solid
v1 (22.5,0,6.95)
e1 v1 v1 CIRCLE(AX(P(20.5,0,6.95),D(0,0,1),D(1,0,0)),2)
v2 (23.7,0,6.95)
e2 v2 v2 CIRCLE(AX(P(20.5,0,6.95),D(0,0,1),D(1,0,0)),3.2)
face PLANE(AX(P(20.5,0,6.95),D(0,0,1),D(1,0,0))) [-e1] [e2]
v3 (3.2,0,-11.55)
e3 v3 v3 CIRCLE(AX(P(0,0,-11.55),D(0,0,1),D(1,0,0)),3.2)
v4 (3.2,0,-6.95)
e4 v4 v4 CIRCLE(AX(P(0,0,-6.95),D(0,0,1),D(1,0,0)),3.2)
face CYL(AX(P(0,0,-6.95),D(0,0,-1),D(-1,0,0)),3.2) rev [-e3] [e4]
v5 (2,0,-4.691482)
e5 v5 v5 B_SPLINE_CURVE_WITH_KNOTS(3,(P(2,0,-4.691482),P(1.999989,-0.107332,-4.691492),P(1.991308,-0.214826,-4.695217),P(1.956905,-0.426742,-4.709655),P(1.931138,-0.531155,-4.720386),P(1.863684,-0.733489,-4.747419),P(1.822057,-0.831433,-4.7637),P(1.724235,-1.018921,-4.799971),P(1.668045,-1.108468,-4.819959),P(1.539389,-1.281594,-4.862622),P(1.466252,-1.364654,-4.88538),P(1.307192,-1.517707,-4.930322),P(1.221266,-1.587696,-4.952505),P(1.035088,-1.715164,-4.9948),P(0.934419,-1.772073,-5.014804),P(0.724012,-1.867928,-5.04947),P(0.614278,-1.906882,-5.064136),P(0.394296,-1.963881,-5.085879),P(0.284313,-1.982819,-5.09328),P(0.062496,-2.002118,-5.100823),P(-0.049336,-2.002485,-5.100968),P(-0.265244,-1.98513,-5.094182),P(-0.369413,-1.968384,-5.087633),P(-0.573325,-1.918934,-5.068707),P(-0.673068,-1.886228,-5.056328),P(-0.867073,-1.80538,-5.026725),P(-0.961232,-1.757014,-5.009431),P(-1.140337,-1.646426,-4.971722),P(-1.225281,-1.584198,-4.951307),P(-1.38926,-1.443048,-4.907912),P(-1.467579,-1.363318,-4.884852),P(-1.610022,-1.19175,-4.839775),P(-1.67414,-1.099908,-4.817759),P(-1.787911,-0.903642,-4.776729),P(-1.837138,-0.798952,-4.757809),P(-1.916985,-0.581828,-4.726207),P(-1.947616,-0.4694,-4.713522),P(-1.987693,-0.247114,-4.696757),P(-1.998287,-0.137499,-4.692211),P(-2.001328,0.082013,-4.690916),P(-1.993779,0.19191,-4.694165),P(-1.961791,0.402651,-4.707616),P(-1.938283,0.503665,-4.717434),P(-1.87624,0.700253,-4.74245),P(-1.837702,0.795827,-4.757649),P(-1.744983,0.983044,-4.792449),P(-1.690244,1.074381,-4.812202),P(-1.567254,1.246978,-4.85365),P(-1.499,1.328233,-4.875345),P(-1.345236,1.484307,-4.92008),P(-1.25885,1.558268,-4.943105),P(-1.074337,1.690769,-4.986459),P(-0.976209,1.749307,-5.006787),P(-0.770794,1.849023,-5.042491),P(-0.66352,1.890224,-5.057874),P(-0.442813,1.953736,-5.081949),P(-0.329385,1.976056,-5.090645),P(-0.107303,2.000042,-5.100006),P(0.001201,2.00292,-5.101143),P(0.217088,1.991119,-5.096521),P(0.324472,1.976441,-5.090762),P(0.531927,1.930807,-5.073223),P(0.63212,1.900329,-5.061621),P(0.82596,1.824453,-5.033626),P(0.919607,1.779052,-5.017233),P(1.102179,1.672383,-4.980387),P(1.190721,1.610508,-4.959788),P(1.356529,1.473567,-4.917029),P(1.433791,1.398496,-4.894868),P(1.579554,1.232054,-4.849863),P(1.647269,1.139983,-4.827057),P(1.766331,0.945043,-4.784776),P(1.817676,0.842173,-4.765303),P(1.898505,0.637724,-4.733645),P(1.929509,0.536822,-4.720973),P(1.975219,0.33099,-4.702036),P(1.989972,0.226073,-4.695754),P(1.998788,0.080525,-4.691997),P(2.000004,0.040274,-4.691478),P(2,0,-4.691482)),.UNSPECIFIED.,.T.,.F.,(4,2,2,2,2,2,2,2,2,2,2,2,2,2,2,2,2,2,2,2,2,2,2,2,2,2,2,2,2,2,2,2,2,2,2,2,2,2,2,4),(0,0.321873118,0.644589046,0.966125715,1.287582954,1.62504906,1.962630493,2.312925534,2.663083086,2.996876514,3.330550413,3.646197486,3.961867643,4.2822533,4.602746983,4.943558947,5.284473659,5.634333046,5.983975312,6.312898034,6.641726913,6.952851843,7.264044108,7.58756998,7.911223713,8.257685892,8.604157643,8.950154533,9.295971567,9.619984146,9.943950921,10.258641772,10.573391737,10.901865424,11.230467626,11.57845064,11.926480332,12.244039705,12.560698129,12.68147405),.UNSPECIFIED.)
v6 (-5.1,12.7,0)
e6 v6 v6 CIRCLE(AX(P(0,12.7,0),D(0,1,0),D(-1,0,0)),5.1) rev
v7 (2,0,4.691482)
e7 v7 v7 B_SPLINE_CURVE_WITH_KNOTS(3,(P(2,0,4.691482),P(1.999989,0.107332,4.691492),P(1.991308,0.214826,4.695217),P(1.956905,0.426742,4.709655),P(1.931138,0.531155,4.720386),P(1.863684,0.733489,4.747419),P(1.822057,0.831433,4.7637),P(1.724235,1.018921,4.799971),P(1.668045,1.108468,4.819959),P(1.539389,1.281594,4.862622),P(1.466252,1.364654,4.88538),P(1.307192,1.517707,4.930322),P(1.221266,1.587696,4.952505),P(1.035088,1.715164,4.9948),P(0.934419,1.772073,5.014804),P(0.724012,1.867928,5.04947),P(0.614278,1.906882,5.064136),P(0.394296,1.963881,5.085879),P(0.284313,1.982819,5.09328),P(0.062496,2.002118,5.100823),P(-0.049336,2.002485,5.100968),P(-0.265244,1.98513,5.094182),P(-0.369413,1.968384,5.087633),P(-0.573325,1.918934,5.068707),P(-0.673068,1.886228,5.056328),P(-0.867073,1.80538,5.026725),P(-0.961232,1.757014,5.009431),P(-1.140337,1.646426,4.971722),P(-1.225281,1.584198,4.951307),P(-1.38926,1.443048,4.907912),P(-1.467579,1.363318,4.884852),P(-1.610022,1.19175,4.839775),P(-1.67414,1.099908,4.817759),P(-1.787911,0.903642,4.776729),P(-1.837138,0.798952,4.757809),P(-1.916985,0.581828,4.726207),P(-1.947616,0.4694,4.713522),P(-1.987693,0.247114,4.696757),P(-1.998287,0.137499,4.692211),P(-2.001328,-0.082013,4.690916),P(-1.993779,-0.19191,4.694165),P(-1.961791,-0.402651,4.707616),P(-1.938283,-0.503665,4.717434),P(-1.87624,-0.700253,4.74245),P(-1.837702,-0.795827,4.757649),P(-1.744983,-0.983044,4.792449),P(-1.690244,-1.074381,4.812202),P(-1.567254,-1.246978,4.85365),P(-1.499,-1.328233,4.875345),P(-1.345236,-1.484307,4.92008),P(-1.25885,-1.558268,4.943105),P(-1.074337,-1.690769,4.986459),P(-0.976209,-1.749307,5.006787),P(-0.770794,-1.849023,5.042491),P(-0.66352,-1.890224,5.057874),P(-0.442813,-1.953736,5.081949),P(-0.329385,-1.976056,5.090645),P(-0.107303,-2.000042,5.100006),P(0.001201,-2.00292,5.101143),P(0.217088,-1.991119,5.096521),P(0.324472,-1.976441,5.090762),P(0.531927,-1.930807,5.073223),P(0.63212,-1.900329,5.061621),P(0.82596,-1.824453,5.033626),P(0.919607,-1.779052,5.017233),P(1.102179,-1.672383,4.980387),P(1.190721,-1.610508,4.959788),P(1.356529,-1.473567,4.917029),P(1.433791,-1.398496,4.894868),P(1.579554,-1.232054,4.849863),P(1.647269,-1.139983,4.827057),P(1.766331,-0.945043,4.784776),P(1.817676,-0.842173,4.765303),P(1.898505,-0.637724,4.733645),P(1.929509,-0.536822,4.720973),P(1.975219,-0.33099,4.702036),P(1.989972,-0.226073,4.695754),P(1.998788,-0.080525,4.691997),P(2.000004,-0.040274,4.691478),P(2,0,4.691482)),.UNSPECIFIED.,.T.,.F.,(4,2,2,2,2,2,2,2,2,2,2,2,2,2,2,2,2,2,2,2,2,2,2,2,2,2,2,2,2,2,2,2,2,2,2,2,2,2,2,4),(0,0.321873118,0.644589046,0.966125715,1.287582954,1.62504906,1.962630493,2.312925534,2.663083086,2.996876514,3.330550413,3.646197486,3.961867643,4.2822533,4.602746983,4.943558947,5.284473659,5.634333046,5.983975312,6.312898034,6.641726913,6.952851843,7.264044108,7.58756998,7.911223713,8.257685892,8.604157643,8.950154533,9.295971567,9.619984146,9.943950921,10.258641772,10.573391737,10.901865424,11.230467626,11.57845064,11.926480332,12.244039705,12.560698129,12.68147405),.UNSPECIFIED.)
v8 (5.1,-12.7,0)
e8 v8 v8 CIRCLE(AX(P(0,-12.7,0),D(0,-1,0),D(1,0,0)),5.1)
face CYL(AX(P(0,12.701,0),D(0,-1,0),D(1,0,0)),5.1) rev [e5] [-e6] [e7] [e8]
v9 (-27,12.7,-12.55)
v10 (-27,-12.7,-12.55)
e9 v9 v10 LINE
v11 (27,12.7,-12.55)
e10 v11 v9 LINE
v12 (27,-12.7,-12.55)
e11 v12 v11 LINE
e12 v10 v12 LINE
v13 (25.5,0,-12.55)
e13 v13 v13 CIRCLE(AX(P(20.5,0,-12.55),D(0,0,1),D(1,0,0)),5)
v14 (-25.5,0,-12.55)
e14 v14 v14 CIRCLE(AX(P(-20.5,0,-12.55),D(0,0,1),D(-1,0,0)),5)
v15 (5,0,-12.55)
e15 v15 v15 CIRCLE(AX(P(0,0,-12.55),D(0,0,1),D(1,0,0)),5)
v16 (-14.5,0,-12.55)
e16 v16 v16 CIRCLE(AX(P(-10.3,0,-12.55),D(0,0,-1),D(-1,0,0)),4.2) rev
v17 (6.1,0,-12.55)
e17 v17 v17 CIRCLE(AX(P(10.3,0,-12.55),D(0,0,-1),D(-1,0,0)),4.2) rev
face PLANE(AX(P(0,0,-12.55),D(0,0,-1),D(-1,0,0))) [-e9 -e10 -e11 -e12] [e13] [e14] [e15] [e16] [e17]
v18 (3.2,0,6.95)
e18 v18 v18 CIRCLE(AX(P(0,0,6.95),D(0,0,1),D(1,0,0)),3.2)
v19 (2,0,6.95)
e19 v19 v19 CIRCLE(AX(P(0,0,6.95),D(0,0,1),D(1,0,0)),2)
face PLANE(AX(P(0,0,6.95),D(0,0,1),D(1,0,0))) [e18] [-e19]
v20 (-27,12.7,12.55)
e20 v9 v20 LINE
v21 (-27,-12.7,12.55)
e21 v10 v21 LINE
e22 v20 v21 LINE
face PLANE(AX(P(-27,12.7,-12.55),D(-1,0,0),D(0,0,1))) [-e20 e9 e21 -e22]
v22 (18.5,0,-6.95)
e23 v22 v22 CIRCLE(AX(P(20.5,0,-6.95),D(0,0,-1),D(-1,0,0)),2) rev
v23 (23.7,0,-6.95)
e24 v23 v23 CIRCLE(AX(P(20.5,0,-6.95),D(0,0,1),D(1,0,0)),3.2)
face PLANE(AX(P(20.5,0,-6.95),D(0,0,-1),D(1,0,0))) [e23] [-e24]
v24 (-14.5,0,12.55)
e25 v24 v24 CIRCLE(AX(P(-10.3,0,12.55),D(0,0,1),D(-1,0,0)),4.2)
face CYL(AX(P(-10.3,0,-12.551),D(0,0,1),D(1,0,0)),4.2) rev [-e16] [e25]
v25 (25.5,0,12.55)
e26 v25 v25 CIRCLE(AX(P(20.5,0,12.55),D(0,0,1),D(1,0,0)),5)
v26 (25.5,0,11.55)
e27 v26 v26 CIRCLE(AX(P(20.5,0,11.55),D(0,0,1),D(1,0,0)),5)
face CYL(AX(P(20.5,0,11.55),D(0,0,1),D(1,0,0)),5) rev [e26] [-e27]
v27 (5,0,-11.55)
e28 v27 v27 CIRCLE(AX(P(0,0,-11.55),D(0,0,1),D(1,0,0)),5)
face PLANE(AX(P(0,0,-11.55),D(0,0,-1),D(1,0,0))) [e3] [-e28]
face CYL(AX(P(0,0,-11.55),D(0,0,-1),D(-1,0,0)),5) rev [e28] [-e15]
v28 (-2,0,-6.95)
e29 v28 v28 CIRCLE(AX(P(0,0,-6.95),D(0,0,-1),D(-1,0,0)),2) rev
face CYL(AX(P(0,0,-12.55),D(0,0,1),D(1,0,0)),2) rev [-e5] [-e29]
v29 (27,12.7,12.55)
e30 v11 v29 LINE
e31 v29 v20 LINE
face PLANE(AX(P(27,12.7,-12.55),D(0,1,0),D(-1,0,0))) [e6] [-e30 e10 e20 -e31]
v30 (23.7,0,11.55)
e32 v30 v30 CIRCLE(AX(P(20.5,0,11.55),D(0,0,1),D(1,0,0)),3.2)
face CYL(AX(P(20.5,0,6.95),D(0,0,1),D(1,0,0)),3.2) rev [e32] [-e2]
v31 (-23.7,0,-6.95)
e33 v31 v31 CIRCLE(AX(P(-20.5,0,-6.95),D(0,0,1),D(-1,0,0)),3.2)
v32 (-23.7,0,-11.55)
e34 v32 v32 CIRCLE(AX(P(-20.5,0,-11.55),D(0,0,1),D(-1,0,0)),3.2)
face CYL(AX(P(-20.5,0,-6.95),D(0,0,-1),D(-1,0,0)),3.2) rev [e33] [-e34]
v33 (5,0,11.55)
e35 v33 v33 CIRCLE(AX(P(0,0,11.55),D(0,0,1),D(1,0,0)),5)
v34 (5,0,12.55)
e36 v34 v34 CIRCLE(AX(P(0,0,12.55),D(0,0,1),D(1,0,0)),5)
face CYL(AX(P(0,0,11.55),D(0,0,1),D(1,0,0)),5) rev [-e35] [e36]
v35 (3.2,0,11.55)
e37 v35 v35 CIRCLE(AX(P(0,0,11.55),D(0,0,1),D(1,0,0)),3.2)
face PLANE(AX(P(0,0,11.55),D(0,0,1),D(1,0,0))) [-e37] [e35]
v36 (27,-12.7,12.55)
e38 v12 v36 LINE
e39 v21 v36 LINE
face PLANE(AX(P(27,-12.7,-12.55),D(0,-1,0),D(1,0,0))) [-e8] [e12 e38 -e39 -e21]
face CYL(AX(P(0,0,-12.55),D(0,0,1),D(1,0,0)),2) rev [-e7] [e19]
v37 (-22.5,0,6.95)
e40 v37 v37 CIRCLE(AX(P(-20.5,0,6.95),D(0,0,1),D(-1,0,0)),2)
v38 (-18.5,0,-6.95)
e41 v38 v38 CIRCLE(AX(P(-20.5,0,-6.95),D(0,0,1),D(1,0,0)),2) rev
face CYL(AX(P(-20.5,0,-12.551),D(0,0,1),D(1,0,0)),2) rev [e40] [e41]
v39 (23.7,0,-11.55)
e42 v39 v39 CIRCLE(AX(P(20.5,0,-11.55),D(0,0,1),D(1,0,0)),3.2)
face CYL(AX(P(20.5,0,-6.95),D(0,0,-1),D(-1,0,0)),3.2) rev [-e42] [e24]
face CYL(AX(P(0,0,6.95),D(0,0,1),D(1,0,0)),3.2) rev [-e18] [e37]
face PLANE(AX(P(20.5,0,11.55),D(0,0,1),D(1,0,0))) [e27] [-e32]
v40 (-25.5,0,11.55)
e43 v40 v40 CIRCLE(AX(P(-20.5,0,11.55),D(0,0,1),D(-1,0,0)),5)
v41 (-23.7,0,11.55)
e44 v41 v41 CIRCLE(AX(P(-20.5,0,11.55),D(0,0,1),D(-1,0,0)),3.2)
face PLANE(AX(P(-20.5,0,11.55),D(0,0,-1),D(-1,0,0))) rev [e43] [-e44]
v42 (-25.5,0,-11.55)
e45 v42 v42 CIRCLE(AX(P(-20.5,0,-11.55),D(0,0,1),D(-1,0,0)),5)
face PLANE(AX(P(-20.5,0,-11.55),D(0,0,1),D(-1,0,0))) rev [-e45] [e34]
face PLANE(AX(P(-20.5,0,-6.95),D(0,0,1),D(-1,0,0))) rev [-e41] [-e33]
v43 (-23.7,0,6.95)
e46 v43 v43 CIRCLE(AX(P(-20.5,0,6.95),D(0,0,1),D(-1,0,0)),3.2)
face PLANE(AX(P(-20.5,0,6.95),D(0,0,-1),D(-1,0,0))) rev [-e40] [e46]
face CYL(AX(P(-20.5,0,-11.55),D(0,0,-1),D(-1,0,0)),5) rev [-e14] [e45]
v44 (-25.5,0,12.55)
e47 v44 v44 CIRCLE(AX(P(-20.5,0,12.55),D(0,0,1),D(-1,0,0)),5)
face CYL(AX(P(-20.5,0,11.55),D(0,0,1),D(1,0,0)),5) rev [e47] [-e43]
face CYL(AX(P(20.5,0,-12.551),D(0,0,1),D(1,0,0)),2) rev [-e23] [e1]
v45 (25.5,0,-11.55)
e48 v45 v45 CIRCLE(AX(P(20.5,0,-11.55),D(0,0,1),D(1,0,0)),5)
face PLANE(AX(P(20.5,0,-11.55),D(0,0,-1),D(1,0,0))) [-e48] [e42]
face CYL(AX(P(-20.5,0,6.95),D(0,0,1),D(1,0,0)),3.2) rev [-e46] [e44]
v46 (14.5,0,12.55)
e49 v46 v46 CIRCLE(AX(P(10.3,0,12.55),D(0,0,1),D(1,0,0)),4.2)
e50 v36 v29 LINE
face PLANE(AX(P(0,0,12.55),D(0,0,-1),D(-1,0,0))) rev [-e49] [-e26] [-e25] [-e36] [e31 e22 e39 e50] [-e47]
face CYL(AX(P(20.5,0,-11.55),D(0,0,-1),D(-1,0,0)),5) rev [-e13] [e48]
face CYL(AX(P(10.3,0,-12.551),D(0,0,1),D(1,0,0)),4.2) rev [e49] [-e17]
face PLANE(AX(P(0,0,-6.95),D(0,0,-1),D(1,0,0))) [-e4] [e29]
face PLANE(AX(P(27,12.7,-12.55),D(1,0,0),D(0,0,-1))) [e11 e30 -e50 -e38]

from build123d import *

# Parameters (mm, degrees)
BOSS_EXTRUDE1_DEPTH      = 12.55
BOSS_EXTRUDE1_DEPTH_BACK = 12.55
SKETCH1_W                = 54
SKETCH1_H                = 25.4
CUT_EXTRUDE1_REACH       = 41.136
SKETCH3_R                = 5.1
SKETCH5_R                = 5
CUT_EXTRUDE2_DEPTH       = 1
SKETCH6_R                = 3.2
CUT_EXTRUDE3_DEPTH       = 4.6
CUT_EXTRUDE4_REACH       = 37.645
SKETCH7_R                = 2
CUT_EXTRUDE5_REACH       = 40.991
SKETCH8_R                = 4.2
SKETCH9_R                = 5
CUT_EXTRUDE6_DEPTH       = 1
SKETCH10_R               = 3.2
CUT_EXTRUDE7_DEPTH       = 4.6
SKETCH11_R               = 2
CUT_EXTRUDE8_DEPTH       = 36.64463494


with BuildPart() as part:
    # Sketch1 → Boss-Extrude1 (new, two sides: drawn at the far end of the back side and taken through both)
    with BuildSketch(Plane.XY.offset(-BOSS_EXTRUDE1_DEPTH_BACK)):
        Rectangle(SKETCH1_W, SKETCH1_H)
    extrude(amount=BOSS_EXTRUDE1_DEPTH + BOSS_EXTRUDE1_DEPTH_BACK)

    # Sketch3 → Cut-Extrude1 (cut, up to next)
    with BuildSketch(Plane.XZ.offset(12.7), mode=Mode.PRIVATE) as cut_extrude1_sk1:
        Circle(SKETCH3_R)
    cut_extrude1_tool1 = extrude(cut_extrude1_sk1.sketch, amount=-CUT_EXTRUDE1_REACH, mode=Mode.PRIVATE) & part.part
    add(cut_extrude1_tool1.solids().sort_by_distance((0, -12.7, 0))[0], mode=Mode.SUBTRACT)

    # Sketch5 → Cut-Extrude2 (cut)
    with BuildSketch(Plane.XY.offset(12.55)):
        with Locations((20.5, 0)):
            Circle(SKETCH5_R)
        with Locations((-20.5, 0)):
            Circle(SKETCH5_R)
    cut_extrude2 = extrude(amount=-CUT_EXTRUDE2_DEPTH, mode=Mode.SUBTRACT)

    # Sketch6 → Cut-Extrude3 (cut)
    with BuildSketch(Plane.XY.offset(11.55)):
        with Locations((20.5, 0)):
            Circle(SKETCH6_R)
        with Locations((-20.5, 0)):
            Circle(SKETCH6_R)
    cut_extrude3 = extrude(amount=-CUT_EXTRUDE3_DEPTH, mode=Mode.SUBTRACT)

    # Sketch7 → Cut-Extrude4 (cut, up to next)
    with BuildSketch(Plane.XY.offset(6.95), mode=Mode.PRIVATE) as cut_extrude4_sk1:
        with Locations((20.5, 0)):
            Circle(SKETCH7_R)
    cut_extrude4_tool1 = extrude(cut_extrude4_sk1.sketch, amount=-CUT_EXTRUDE4_REACH, mode=Mode.PRIVATE) & part.part
    # Sketch7 → Cut-Extrude4 (cut, up to next)
    with BuildSketch(Plane.XY.offset(6.95), mode=Mode.PRIVATE) as cut_extrude4_sk2:
        with Locations((-20.5, 0)):
            Circle(SKETCH7_R)
    cut_extrude4_tool2 = extrude(cut_extrude4_sk2.sketch, amount=-CUT_EXTRUDE4_REACH, mode=Mode.PRIVATE) & part.part
    add(cut_extrude4_tool1.solids().sort_by_distance((20.5, 0, 6.95))[0], mode=Mode.SUBTRACT)
    add(cut_extrude4_tool2.solids().sort_by_distance((-20.5, 0, 6.95))[0], mode=Mode.SUBTRACT)

    # Mirror1: Cut-Extrude2 across plane
    add(cut_extrude2.mirror(Plane.XY), mode=Mode.SUBTRACT)

    # Mirror2: Cut-Extrude3 across plane
    add(cut_extrude3.mirror(Plane.XY), mode=Mode.SUBTRACT)

    # Sketch8 → Cut-Extrude5 (cut, up to next)
    with BuildSketch(Plane.XY.offset(12.55), mode=Mode.PRIVATE) as cut_extrude5_sk1:
        with Locations((10.3, 0)):
            Circle(SKETCH8_R)
    cut_extrude5_tool1 = extrude(cut_extrude5_sk1.sketch, amount=-CUT_EXTRUDE5_REACH, mode=Mode.PRIVATE) & part.part
    # Sketch8 → Cut-Extrude5 (cut, up to next)
    with BuildSketch(Plane.XY.offset(12.55), mode=Mode.PRIVATE) as cut_extrude5_sk2:
        with Locations((-10.3, 0)):
            Circle(SKETCH8_R)
    cut_extrude5_tool2 = extrude(cut_extrude5_sk2.sketch, amount=-CUT_EXTRUDE5_REACH, mode=Mode.PRIVATE) & part.part
    add(cut_extrude5_tool1.solids().sort_by_distance((10.3, 0, 12.55))[0], mode=Mode.SUBTRACT)
    add(cut_extrude5_tool2.solids().sort_by_distance((-10.3, 0, 12.55))[0], mode=Mode.SUBTRACT)

    # Sketch9 → Cut-Extrude6 (cut)
    with BuildSketch(Plane.XY.offset(12.55)):
        Circle(SKETCH9_R)
    cut_extrude6 = extrude(amount=-CUT_EXTRUDE6_DEPTH, mode=Mode.SUBTRACT)

    # Sketch10 → Cut-Extrude7 (cut)
    with BuildSketch(Plane.XY.offset(11.55)):
        Circle(SKETCH10_R)
    cut_extrude7 = extrude(amount=-CUT_EXTRUDE7_DEPTH, mode=Mode.SUBTRACT)

    # Sketch11 → Cut-Extrude8 (cut, through all)
    with BuildSketch(Plane.XY.offset(6.95)):
        Circle(SKETCH11_R)
    extrude(amount=-CUT_EXTRUDE8_DEPTH, mode=Mode.SUBTRACT)

    # Mirror3: Cut-Extrude6, Cut-Extrude7 across plane
    add(cut_extrude6.mirror(Plane.XY), mode=Mode.SUBTRACT)
    add(cut_extrude7.mirror(Plane.XY), mode=Mode.SUBTRACT)


solid = part.part
